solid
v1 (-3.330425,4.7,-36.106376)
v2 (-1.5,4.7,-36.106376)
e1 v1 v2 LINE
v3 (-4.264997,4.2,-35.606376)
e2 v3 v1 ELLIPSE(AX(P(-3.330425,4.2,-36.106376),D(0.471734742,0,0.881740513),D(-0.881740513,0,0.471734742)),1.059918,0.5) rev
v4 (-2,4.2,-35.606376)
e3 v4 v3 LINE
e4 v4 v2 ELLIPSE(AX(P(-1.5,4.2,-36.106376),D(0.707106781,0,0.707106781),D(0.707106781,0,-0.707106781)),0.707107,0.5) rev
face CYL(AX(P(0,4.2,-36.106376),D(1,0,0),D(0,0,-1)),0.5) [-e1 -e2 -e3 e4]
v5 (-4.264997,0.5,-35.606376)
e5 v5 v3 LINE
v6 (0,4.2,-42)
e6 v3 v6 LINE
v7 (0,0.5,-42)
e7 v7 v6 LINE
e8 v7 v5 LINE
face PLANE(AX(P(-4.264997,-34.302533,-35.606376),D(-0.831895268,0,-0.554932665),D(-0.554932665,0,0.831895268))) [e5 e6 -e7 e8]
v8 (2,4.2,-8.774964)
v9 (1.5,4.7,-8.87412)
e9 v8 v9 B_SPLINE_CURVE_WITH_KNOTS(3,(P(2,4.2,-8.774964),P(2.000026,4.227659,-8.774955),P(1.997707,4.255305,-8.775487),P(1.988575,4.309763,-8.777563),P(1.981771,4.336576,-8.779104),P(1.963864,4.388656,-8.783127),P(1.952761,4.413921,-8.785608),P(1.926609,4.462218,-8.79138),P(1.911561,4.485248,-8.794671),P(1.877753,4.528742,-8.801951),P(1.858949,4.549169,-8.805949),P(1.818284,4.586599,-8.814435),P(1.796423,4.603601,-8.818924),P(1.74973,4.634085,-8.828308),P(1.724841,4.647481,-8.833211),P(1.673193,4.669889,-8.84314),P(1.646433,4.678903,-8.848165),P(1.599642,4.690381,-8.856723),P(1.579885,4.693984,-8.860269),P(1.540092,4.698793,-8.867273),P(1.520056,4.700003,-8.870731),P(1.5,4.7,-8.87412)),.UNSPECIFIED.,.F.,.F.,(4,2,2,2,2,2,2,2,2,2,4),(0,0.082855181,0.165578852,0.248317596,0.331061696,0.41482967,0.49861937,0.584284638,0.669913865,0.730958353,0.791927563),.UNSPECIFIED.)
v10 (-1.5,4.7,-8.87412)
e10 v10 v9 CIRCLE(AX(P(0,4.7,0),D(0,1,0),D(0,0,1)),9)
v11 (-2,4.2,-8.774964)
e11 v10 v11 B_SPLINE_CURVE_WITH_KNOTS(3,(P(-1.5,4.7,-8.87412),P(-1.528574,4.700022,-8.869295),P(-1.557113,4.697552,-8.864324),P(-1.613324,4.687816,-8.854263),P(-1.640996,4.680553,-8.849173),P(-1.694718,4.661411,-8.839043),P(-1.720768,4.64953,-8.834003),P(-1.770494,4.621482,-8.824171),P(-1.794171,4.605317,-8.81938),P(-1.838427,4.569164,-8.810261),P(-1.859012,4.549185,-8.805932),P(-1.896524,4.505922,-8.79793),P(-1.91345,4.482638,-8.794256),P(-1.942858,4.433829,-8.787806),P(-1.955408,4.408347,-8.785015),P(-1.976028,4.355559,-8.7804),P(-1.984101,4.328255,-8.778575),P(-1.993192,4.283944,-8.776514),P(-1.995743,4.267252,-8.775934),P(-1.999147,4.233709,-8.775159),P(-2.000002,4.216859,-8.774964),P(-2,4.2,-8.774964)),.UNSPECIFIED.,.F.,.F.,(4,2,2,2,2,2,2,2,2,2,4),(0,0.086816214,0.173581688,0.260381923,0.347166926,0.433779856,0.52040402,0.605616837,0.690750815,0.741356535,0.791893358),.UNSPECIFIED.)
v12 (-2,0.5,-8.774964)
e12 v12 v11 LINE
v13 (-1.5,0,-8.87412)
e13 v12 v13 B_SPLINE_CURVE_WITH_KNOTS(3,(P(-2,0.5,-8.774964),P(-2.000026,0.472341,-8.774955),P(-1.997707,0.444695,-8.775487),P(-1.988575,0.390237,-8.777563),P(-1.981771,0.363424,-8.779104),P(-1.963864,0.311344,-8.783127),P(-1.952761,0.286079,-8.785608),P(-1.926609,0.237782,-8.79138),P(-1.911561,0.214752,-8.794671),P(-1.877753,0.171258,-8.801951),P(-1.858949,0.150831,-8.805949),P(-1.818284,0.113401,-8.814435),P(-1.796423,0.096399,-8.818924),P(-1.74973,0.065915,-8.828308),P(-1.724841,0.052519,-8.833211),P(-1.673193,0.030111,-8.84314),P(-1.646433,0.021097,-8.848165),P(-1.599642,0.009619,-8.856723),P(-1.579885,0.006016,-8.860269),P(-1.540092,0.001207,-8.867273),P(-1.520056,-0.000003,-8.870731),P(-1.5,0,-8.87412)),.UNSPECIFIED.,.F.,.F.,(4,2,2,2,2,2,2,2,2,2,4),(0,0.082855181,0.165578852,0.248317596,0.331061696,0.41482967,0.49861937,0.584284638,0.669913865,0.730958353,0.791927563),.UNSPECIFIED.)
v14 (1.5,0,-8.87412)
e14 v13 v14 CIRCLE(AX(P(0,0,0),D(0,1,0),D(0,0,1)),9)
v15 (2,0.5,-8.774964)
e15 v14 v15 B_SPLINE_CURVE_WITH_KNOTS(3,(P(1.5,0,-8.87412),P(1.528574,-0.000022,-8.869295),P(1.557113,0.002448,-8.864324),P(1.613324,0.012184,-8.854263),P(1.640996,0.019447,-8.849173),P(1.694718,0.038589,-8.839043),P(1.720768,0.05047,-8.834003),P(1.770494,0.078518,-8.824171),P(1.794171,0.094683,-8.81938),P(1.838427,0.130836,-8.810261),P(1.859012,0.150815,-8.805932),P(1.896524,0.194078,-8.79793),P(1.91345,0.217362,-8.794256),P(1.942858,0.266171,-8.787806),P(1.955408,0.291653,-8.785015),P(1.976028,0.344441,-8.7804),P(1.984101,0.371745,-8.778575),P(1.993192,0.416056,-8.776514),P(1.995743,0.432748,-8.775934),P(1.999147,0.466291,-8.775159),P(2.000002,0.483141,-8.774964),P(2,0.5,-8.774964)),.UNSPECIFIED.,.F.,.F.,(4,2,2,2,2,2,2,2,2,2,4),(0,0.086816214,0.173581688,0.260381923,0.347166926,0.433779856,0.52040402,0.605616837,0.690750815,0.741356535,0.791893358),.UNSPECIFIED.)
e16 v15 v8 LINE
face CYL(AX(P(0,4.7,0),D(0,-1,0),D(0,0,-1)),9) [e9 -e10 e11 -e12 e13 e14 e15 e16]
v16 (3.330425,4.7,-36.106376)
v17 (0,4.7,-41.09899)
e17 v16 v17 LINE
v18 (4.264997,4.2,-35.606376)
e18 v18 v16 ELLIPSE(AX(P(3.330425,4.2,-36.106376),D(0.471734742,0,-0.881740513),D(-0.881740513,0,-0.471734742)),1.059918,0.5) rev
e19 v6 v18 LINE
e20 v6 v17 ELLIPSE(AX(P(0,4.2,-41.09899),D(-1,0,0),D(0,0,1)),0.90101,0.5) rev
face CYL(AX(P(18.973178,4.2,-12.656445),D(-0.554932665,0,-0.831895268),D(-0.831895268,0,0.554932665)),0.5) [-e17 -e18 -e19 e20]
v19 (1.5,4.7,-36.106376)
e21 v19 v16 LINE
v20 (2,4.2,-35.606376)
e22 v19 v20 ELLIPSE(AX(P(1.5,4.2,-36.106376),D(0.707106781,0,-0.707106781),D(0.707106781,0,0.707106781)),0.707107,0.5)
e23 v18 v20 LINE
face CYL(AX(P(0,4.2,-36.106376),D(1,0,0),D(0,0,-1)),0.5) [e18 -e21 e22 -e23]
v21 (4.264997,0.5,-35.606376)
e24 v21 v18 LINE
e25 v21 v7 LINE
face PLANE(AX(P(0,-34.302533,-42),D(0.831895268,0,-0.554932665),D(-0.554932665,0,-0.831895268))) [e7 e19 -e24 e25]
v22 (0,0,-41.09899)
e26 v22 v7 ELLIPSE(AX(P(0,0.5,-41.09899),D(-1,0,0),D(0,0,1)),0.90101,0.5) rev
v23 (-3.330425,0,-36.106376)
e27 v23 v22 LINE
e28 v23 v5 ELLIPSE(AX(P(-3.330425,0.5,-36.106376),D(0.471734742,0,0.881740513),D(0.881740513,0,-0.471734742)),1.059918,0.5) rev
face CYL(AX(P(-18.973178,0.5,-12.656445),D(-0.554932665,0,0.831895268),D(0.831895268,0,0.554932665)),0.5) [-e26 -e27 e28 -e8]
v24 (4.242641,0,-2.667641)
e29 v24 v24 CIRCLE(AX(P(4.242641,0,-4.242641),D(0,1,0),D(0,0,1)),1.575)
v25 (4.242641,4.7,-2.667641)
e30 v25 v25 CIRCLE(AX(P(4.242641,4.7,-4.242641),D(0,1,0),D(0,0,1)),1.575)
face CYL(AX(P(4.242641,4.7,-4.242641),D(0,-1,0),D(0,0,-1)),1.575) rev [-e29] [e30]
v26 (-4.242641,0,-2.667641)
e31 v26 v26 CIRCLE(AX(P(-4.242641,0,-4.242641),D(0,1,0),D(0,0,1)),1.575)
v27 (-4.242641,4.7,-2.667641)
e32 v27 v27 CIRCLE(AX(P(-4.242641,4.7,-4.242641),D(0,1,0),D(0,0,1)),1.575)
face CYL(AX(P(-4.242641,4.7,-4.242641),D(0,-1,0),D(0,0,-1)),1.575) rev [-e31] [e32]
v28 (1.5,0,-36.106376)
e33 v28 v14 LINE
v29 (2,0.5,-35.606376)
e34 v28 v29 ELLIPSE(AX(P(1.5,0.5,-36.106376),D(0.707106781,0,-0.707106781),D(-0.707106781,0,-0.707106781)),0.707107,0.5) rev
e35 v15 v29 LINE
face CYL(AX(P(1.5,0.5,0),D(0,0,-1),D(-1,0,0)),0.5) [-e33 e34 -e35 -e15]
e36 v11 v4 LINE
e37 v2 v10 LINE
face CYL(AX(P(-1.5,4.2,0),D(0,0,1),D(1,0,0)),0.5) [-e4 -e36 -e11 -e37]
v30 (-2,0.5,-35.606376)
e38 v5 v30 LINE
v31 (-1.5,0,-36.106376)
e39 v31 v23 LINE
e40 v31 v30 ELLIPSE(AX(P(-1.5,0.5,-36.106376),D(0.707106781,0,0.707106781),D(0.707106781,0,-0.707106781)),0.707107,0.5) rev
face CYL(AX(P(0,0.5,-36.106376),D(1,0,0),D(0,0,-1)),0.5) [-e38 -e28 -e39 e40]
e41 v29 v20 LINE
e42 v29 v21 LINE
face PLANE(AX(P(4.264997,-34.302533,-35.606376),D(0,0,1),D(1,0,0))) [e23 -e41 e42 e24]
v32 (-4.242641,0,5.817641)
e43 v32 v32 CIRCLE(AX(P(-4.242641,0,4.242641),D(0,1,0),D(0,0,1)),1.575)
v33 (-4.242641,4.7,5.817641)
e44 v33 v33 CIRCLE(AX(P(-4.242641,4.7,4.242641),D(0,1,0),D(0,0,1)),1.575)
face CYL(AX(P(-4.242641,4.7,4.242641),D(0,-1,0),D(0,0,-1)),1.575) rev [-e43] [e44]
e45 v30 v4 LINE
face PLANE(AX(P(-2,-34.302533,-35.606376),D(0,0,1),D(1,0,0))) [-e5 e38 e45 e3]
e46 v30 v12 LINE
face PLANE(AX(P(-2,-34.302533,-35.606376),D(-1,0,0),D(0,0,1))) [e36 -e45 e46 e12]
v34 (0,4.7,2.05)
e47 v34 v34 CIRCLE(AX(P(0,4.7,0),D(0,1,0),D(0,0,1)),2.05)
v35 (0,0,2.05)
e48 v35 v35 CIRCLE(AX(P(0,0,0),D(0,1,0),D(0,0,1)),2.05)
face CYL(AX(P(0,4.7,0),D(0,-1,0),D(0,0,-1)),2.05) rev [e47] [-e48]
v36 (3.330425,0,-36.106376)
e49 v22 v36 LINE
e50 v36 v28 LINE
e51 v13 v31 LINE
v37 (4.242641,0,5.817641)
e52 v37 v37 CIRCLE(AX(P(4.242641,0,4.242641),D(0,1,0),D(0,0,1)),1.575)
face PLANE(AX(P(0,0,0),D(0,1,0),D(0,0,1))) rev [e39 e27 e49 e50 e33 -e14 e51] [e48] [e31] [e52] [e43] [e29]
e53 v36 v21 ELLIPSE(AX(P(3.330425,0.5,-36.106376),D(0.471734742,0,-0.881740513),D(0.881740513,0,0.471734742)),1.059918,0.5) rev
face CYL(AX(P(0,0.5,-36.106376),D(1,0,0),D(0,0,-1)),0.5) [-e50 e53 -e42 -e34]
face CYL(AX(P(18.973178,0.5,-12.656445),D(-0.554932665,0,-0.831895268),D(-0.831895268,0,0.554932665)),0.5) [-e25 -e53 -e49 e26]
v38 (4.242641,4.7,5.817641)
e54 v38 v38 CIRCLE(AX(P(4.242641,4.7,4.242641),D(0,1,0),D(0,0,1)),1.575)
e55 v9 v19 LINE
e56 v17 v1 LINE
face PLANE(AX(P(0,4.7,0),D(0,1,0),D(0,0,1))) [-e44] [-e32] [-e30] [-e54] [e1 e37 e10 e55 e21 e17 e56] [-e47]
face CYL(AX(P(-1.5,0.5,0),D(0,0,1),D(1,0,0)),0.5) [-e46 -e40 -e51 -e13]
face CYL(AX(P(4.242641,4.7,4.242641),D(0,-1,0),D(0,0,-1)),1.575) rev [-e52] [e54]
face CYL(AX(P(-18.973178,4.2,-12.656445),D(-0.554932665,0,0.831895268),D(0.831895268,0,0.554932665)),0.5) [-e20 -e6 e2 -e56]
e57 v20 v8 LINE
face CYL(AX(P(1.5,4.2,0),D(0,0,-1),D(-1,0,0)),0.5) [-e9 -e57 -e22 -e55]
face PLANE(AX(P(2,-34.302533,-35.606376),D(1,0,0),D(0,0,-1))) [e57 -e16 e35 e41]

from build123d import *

# Parameters (mm, degrees)
SKETCH2_R           = 9
SKETCH2_R_2         = 2.05
SKETCH2_R_3         = 1.575
BOSS_EXTRUDE2_DEPTH = 4.7
BOSS_EXTRUDE3_START = -4.7
BOSS_EXTRUDE3_DEPTH = 4.7
FILLET1_R           = 0.5


with BuildPart() as part:
    # Sketch2 → Boss-Extrude2 (new body)
    with BuildSketch(Plane(origin=(0, 0, 0), x_dir=(1, 0, 0), z_dir=(0, 1, 0))):
        with Locations(Location((0, 0, 0), (0, 0, 270))):
            Circle(SKETCH2_R)
        with Locations(Location((0, 0, 0), (0, 0, 270))):
            Circle(SKETCH2_R_2, mode=Mode.SUBTRACT)
        with Locations(Location((-4.242640687, 4.242640687, 0), (0, 0, 270))):
            Circle(SKETCH2_R_3, mode=Mode.SUBTRACT)
        with Locations(Location((-4.242640687, -4.242640687, 0), (0, 0, 270))):
            Circle(SKETCH2_R_3, mode=Mode.SUBTRACT)
        with Locations(Location((4.242640687, -4.242640687, 0), (0, 0, 270))):
            Circle(SKETCH2_R_3, mode=Mode.SUBTRACT)
        with Locations(Location((4.242640687, 4.242640687, 0), (0, 0, 270))):
            Circle(SKETCH2_R_3, mode=Mode.SUBTRACT)
    extrude(amount=BOSS_EXTRUDE2_DEPTH)

    # Sketch3 → Boss-Extrude3 (add)
    with BuildSketch(Plane(origin=(0, 4.7, 0), x_dir=(1, 0, 0), z_dir=(0, 1, 0)).offset(BOSS_EXTRUDE3_START)):
        with BuildLine():
            Line((-2, 35.606375805), (-2, 8.774964387))
            ThreePointArc((-2, 8.774964387), (0, 9), (2, 8.774964387))
            Line((2, 8.774964387), (2, 35.606375805))
            Line((2, 35.606375805), (4.264997114, 35.606375805))
            Line((4.264997114, 35.606375805), (0, 42))
            Line((0, 42), (-4.264997114, 35.606375805))
            Line((-4.264997114, 35.606375805), (-2, 35.606375805))
        make_face()
    extrude(amount=BOSS_EXTRUDE3_DEPTH)

    # Fillet1
    fillet1_edges = [part.edges().sort_by_distance(p)[0] for p in [
        (-3.132498557, 4.7, -35.606375805),
        (-2, 4.7, -22.190670096),
        (2, 4.7, -22.190670096),
        (3.132498557, 4.7, -35.606375805),
        (2.132498557, 4.7, -38.803187903),
        (-2.132498557, 4.7, -38.803187903),
        (-3.132498557, 0, -35.606375805),
        (-2.132498557, 0, -38.803187903),
        (2.132498557, 0, -38.803187903),
        (3.132498557, 0, -35.606375805),
        (2, 0, -22.190670096),
        (-2, 0, -22.190670096),
    ]]
    fillet(fillet1_edges, radius=FILLET1_R)


solid = part.part
